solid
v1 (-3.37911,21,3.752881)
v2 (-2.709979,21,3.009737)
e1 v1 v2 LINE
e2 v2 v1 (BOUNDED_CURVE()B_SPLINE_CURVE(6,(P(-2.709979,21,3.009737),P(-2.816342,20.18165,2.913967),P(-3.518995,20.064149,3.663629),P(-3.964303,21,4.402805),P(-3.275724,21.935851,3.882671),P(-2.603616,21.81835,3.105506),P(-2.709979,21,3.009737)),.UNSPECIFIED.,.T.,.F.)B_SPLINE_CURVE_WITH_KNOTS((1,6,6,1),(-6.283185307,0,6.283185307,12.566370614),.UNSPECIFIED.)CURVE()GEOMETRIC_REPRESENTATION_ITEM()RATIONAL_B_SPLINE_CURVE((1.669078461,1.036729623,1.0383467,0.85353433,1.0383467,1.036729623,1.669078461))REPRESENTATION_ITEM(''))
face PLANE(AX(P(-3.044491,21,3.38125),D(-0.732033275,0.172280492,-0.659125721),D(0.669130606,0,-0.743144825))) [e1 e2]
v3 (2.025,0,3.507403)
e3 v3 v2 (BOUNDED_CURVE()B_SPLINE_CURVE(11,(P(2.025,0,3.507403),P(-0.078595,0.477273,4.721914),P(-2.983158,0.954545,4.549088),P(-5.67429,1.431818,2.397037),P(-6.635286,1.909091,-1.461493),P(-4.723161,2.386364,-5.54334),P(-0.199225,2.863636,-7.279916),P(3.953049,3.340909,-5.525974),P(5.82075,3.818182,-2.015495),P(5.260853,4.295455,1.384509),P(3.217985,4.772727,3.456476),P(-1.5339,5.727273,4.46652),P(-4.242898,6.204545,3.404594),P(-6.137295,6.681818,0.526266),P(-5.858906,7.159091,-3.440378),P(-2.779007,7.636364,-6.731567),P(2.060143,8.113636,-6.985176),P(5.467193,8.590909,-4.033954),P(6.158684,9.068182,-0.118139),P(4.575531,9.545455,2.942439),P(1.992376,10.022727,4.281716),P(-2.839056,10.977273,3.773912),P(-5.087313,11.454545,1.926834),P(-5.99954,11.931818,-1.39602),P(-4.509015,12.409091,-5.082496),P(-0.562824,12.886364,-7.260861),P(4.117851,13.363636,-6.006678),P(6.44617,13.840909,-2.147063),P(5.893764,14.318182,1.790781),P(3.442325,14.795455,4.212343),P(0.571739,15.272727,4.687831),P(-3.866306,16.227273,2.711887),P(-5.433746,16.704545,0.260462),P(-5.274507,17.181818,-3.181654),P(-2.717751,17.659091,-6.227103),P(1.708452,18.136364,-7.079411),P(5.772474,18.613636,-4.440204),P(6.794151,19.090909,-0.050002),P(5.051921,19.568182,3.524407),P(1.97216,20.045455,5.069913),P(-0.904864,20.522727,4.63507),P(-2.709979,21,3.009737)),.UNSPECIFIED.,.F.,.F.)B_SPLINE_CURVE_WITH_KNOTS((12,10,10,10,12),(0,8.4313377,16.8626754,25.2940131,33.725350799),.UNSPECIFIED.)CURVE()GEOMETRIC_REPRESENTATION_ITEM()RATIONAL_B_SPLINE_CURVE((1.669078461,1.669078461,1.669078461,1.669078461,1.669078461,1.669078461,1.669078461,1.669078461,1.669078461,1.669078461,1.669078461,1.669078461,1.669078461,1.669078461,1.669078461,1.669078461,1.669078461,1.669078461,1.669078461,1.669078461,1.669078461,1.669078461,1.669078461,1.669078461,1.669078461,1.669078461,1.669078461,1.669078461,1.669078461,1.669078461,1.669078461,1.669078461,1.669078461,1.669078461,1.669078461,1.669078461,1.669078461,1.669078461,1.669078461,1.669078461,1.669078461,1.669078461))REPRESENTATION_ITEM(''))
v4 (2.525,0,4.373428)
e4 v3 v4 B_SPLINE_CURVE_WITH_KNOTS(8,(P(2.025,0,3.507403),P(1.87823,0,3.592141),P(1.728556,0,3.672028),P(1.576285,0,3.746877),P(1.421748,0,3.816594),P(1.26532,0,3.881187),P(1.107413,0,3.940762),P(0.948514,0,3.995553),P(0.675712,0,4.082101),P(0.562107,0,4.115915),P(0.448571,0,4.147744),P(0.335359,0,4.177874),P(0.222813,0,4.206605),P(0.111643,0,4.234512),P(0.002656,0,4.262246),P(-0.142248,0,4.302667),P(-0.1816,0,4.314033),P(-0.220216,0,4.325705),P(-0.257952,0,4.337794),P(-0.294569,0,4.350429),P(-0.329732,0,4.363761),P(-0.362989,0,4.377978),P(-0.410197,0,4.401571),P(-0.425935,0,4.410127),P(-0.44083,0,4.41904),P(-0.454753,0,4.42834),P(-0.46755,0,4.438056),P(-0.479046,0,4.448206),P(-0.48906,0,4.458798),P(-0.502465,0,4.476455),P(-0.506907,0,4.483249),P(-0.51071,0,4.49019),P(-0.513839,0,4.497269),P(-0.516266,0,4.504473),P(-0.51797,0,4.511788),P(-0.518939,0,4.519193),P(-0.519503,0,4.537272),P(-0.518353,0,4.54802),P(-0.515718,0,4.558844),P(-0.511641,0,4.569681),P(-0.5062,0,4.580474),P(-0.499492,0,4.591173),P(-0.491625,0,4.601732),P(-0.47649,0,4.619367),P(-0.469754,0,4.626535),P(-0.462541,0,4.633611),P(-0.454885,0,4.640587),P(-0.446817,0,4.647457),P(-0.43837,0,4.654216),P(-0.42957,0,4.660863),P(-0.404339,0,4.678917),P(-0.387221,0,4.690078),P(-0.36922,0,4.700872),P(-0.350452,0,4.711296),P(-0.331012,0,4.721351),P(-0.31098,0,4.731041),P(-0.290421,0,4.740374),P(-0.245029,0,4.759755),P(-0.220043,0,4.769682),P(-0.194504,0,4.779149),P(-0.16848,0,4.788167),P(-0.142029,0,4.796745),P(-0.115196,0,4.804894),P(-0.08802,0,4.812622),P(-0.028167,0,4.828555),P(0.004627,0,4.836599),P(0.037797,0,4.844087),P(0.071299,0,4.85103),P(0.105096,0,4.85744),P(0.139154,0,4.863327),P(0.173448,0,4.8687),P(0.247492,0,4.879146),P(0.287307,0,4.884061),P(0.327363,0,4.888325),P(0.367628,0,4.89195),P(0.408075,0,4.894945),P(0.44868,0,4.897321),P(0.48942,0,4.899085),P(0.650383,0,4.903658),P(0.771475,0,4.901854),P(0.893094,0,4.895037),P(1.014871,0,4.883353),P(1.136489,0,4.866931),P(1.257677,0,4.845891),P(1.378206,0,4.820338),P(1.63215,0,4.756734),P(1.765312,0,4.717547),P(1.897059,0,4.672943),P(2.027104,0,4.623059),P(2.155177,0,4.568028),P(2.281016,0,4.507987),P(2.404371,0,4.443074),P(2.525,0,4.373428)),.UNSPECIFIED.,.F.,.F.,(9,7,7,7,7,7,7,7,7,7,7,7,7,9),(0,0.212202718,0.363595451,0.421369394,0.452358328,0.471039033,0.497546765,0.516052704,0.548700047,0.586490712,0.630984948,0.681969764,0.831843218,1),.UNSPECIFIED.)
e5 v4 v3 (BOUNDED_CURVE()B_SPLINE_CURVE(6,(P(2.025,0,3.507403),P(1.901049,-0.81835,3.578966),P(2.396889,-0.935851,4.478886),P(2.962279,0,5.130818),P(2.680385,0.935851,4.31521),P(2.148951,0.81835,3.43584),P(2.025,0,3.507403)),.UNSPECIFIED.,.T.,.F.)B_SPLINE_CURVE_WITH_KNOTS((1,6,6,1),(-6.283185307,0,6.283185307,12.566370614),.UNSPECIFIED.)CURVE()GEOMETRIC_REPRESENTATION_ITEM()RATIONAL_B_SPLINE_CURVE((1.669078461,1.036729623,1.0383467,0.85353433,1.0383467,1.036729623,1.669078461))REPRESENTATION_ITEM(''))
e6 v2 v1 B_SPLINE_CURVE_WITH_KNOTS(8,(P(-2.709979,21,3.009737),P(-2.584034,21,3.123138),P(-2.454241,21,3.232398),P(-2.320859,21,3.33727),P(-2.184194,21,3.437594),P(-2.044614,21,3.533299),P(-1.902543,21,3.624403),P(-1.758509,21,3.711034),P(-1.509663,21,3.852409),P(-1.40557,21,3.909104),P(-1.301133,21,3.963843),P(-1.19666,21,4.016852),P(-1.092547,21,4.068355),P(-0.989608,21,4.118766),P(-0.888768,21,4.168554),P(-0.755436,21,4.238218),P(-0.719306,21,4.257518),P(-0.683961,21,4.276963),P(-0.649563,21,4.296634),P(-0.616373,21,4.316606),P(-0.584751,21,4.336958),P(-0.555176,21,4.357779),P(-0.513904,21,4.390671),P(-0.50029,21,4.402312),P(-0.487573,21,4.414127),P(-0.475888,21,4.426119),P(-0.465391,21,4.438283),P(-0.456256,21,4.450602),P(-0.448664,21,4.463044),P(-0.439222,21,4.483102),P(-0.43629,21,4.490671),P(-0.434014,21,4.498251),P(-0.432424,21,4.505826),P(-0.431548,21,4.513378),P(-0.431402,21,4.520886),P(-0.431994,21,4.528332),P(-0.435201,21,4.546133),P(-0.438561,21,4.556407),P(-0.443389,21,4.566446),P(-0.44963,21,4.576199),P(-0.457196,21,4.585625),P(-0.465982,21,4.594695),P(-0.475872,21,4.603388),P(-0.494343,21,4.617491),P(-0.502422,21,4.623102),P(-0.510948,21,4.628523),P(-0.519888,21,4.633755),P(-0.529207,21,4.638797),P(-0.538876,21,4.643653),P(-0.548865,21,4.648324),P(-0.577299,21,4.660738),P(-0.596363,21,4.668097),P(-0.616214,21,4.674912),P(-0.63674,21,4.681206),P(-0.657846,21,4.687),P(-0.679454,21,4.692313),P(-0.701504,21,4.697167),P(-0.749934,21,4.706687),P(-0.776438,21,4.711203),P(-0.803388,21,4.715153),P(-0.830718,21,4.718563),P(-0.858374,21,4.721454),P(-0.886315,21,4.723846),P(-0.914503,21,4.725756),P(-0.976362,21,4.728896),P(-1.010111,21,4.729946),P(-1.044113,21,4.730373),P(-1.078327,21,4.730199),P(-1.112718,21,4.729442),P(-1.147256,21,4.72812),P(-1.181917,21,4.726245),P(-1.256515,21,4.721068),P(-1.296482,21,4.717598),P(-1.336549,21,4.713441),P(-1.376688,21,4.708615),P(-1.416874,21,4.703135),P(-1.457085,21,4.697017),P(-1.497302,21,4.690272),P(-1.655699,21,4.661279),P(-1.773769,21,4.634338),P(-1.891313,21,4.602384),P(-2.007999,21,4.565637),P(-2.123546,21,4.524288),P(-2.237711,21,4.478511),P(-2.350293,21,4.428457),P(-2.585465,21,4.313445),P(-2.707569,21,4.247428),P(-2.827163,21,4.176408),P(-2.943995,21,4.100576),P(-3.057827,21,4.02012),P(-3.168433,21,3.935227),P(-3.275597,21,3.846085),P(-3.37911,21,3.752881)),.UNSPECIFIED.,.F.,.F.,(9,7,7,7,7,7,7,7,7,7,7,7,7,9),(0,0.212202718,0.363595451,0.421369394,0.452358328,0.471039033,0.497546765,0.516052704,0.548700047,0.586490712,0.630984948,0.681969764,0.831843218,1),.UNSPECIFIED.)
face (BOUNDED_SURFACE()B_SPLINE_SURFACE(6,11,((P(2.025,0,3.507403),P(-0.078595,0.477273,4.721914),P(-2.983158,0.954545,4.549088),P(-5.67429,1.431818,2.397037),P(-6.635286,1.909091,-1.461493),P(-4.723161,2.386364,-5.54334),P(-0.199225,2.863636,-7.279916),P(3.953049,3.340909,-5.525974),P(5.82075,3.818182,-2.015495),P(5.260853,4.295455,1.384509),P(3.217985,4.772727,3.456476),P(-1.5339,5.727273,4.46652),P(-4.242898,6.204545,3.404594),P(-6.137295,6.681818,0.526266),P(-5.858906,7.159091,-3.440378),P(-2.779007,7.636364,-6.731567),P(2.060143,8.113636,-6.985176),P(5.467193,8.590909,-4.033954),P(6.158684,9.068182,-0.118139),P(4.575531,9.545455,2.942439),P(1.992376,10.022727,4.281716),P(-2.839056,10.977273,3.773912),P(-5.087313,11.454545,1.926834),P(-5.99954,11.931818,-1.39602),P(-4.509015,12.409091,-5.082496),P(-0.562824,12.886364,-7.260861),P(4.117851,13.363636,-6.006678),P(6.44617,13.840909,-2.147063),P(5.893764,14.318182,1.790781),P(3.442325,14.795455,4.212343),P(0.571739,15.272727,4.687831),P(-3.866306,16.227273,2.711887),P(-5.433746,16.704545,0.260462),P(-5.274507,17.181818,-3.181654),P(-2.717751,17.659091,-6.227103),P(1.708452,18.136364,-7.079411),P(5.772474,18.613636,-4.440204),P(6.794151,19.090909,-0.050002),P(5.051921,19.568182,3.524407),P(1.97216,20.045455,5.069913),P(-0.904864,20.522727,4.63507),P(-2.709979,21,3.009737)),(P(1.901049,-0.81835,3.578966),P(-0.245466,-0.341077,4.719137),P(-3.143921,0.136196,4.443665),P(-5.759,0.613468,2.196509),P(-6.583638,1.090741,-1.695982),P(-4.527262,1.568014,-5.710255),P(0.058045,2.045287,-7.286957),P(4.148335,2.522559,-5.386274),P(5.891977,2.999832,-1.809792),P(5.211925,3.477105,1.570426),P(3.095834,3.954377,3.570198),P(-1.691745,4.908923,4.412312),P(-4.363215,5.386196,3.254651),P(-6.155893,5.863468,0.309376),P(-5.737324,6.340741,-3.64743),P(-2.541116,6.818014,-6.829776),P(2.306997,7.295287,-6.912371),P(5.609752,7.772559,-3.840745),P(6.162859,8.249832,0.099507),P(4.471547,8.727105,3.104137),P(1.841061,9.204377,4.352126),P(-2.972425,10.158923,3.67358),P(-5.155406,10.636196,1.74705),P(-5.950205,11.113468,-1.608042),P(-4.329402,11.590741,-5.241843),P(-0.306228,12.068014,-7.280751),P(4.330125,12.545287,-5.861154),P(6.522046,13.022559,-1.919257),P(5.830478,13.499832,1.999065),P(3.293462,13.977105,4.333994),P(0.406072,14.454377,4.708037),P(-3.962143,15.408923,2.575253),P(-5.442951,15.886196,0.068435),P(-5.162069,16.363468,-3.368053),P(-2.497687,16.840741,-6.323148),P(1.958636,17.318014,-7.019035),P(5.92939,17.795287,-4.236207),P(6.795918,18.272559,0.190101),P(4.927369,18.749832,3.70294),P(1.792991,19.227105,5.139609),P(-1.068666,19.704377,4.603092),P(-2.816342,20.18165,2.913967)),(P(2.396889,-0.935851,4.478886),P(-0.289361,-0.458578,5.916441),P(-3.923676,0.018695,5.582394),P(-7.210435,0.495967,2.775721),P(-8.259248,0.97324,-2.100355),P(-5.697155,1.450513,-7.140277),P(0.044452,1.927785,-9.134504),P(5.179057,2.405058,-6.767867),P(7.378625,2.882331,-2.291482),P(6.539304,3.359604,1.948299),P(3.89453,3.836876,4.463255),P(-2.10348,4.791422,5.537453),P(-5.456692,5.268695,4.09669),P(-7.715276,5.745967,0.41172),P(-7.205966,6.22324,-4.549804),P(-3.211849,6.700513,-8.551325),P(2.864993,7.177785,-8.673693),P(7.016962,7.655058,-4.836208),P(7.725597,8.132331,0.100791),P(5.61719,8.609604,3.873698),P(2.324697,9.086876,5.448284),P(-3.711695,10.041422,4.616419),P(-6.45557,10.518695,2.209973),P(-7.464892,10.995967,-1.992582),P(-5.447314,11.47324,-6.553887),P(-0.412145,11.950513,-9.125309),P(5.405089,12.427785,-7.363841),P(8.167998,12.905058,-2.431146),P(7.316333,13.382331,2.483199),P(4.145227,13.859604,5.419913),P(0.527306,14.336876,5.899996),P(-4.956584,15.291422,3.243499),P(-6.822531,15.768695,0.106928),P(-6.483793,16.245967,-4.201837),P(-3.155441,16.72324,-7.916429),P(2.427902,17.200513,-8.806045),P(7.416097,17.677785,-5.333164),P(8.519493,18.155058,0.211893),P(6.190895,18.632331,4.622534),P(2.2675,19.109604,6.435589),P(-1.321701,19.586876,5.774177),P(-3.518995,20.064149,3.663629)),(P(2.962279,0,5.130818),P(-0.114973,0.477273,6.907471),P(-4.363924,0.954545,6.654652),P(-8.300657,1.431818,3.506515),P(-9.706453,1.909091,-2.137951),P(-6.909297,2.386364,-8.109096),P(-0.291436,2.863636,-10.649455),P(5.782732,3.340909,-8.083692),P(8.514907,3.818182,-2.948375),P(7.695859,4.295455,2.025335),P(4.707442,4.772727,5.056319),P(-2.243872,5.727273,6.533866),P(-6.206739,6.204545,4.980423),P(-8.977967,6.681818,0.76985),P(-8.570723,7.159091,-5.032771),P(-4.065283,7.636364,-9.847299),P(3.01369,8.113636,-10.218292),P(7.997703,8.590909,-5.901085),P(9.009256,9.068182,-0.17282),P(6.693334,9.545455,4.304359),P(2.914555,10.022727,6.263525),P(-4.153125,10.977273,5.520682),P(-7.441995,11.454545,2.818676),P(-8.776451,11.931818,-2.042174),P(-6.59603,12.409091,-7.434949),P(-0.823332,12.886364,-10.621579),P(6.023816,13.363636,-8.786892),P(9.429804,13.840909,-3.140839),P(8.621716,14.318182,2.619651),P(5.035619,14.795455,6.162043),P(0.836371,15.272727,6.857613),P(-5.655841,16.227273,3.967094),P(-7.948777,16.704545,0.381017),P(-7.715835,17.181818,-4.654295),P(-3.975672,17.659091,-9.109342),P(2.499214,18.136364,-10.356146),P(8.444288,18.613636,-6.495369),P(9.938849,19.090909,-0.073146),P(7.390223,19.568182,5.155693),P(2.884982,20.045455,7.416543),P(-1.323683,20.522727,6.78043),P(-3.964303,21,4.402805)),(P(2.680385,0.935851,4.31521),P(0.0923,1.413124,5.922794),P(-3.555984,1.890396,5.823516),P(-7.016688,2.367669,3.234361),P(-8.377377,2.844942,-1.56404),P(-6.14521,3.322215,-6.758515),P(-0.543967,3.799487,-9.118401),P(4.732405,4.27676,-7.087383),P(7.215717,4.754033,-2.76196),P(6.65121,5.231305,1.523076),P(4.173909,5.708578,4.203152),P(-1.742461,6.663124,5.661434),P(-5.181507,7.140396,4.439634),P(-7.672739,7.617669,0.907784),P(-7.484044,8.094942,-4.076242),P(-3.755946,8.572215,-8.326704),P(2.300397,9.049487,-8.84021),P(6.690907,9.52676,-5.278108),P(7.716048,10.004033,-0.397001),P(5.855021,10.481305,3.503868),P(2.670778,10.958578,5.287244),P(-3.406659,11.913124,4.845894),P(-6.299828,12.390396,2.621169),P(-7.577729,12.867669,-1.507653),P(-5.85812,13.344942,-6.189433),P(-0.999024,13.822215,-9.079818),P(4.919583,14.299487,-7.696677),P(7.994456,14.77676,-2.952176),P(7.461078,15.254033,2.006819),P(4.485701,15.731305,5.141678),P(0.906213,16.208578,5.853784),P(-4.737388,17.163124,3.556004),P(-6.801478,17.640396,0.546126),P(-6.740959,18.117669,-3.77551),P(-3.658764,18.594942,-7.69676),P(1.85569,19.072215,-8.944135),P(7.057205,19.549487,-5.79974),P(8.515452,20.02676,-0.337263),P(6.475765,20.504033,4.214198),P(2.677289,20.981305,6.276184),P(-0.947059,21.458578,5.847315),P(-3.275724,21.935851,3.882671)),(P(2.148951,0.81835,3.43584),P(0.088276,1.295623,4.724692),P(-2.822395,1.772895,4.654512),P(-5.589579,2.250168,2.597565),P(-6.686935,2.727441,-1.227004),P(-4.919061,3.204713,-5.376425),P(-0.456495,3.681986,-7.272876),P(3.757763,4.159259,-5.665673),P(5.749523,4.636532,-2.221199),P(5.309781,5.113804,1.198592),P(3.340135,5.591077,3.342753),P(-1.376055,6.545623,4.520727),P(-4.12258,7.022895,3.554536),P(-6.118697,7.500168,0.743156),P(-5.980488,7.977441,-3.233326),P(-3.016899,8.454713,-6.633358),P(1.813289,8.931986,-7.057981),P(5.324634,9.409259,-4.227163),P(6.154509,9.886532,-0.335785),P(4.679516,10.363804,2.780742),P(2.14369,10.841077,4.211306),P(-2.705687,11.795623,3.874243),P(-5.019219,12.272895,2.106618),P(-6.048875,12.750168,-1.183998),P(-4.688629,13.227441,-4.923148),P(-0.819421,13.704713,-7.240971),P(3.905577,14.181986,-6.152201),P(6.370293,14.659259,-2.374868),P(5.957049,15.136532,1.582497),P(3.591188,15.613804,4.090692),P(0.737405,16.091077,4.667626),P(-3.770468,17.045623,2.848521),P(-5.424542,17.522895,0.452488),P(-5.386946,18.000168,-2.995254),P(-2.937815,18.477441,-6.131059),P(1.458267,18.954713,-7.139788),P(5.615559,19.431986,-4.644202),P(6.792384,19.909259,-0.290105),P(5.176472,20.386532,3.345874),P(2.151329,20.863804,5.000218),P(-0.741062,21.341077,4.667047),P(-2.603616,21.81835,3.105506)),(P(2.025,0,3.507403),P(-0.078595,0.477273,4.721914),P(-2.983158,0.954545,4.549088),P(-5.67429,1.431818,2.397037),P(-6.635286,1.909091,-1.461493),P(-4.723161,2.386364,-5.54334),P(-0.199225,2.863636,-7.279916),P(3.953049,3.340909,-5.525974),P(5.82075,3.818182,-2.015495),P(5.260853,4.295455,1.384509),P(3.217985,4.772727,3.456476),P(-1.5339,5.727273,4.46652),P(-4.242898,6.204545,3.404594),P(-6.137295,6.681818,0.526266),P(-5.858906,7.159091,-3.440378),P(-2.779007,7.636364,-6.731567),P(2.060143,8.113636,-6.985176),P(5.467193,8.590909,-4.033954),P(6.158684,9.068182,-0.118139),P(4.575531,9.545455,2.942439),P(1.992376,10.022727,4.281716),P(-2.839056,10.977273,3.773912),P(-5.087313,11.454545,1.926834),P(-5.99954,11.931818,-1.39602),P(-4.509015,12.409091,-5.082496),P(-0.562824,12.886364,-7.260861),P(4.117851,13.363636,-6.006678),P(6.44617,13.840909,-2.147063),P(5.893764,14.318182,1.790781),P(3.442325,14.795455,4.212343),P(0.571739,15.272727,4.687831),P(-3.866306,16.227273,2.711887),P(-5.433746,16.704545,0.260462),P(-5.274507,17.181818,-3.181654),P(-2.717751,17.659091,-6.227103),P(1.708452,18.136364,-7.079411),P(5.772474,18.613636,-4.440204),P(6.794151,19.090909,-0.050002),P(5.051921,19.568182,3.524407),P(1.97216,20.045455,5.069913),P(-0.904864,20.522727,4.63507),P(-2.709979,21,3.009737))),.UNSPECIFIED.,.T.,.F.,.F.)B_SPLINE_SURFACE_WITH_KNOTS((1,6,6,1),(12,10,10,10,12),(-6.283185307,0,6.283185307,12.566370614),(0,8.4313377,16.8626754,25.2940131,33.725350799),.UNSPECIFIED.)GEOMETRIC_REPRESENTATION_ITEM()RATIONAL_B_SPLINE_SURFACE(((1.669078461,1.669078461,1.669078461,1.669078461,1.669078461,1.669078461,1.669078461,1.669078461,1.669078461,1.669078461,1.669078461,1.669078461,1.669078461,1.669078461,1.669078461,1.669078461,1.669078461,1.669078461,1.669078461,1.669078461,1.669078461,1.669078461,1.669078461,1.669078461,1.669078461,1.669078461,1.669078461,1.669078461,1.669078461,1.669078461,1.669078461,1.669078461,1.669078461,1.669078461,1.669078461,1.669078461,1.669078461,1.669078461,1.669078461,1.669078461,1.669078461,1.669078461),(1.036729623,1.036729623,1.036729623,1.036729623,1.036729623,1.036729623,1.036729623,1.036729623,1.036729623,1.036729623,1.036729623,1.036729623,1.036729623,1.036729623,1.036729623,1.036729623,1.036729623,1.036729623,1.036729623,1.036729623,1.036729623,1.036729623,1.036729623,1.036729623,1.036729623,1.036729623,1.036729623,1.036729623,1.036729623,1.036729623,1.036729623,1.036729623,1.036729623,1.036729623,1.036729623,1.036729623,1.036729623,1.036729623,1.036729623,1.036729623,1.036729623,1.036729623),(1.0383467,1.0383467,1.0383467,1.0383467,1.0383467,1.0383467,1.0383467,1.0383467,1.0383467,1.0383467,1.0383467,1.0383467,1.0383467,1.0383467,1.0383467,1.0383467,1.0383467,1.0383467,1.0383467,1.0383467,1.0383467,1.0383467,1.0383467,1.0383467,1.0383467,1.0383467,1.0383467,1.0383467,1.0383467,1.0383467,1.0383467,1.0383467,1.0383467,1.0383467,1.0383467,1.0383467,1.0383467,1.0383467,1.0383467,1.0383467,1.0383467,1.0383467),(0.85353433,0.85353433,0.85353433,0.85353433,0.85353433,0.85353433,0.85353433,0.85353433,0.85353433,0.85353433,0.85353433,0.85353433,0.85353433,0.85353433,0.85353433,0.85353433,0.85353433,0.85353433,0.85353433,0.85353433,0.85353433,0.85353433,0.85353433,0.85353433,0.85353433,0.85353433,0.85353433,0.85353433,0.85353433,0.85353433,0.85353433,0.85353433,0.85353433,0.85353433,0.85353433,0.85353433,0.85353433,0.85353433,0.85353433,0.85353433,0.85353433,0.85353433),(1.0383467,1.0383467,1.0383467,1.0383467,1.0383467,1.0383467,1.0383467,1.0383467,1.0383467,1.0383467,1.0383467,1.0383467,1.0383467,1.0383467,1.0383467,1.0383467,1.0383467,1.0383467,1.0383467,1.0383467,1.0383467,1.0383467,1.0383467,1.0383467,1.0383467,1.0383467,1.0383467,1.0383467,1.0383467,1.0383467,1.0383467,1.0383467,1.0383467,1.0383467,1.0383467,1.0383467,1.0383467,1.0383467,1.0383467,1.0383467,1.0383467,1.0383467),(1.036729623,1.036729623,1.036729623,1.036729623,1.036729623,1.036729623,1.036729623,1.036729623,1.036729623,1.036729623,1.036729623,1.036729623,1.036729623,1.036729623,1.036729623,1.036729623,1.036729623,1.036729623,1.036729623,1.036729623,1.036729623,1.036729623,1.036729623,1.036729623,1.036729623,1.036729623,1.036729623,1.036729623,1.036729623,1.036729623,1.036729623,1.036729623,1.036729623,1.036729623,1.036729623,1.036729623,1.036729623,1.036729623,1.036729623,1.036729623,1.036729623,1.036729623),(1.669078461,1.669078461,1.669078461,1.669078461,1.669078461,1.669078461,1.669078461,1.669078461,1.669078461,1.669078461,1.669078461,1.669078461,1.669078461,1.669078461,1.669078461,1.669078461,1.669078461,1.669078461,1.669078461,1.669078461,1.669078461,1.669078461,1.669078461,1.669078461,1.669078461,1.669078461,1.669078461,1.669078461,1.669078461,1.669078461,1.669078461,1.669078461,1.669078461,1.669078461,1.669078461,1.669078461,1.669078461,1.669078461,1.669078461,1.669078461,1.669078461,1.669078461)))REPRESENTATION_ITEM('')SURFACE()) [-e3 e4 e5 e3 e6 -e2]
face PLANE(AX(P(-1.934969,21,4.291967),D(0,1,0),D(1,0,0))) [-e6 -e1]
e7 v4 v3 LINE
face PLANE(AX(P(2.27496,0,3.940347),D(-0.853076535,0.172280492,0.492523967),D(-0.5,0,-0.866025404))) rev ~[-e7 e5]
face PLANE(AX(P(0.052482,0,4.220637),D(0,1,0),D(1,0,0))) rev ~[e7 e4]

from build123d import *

# Parameters (mm, degrees)
SWEEP1_PITCH             = 5
SWEEP1_HEIGHT            = 21
SWEEP1_RADIUS            = 4.55
SWEEP1_START_ANGLE       = 30
SWEEP1_PROFILE_R         = 0.5
SCHIZZO12_W              = 4.966822224
SCHIZZO12_H              = 2.473167551
TAGLIO_ESTRUSIONE3_DEPTH = 1
SCHIZZO20_W              = 4.41140994
SCHIZZO20_H              = 3.439944213
TAGLIO_ESTRUSIONE2_DEPTH = 1


with BuildPart() as part:
    # Sweep1: sweep along a helix
    with BuildLine() as sweep1_path:
        add(Helix(SWEEP1_PITCH, SWEEP1_HEIGHT, SWEEP1_RADIUS, center=(0, 0, 0), direction=(0, 1, 0), lefthand=True, mode=Mode.PRIVATE).rotate(Axis((0, 0, 0), (0, 1, 0)), SWEEP1_START_ANGLE))
    # Sweep1 profile (on start of the path) → Sweep1 (sweep)
    with BuildSketch(Plane(origin=(2.275, 0, 3.940415587), x_dir=(-0.5000000000002642, 0, -0.8660254037842862), z_dir=(-0.8530765346776942, 0.17228049215176394, 0.4925239669358668))):
        Circle(SWEEP1_PROFILE_R)
    sweep(path=sweep1_path.line, is_frenet=True)

    # Schizzo12 → Taglio-Estrusione3 (cut)
    with BuildSketch(Plane(origin=(0, 0, 0), x_dir=(1, 0, 0), z_dir=(0, 1, 0))):
        with Locations((0.05248179, -4.220637208)):
            Rectangle(SCHIZZO12_W, SCHIZZO12_H)
    extrude(amount=-TAGLIO_ESTRUSIONE3_DEPTH, mode=Mode.SUBTRACT)

    # Schizzo20 → Taglio-Estrusione2 (cut)
    with BuildSketch(Plane(origin=(0, 21, 0), x_dir=(1, 0, 0), z_dir=(0, 1, 0))):
        with Locations((-1.93496862, -4.291967432)):
            Rectangle(SCHIZZO20_W, SCHIZZO20_H)
    extrude(amount=TAGLIO_ESTRUSIONE2_DEPTH, mode=Mode.SUBTRACT)


solid = part.part
